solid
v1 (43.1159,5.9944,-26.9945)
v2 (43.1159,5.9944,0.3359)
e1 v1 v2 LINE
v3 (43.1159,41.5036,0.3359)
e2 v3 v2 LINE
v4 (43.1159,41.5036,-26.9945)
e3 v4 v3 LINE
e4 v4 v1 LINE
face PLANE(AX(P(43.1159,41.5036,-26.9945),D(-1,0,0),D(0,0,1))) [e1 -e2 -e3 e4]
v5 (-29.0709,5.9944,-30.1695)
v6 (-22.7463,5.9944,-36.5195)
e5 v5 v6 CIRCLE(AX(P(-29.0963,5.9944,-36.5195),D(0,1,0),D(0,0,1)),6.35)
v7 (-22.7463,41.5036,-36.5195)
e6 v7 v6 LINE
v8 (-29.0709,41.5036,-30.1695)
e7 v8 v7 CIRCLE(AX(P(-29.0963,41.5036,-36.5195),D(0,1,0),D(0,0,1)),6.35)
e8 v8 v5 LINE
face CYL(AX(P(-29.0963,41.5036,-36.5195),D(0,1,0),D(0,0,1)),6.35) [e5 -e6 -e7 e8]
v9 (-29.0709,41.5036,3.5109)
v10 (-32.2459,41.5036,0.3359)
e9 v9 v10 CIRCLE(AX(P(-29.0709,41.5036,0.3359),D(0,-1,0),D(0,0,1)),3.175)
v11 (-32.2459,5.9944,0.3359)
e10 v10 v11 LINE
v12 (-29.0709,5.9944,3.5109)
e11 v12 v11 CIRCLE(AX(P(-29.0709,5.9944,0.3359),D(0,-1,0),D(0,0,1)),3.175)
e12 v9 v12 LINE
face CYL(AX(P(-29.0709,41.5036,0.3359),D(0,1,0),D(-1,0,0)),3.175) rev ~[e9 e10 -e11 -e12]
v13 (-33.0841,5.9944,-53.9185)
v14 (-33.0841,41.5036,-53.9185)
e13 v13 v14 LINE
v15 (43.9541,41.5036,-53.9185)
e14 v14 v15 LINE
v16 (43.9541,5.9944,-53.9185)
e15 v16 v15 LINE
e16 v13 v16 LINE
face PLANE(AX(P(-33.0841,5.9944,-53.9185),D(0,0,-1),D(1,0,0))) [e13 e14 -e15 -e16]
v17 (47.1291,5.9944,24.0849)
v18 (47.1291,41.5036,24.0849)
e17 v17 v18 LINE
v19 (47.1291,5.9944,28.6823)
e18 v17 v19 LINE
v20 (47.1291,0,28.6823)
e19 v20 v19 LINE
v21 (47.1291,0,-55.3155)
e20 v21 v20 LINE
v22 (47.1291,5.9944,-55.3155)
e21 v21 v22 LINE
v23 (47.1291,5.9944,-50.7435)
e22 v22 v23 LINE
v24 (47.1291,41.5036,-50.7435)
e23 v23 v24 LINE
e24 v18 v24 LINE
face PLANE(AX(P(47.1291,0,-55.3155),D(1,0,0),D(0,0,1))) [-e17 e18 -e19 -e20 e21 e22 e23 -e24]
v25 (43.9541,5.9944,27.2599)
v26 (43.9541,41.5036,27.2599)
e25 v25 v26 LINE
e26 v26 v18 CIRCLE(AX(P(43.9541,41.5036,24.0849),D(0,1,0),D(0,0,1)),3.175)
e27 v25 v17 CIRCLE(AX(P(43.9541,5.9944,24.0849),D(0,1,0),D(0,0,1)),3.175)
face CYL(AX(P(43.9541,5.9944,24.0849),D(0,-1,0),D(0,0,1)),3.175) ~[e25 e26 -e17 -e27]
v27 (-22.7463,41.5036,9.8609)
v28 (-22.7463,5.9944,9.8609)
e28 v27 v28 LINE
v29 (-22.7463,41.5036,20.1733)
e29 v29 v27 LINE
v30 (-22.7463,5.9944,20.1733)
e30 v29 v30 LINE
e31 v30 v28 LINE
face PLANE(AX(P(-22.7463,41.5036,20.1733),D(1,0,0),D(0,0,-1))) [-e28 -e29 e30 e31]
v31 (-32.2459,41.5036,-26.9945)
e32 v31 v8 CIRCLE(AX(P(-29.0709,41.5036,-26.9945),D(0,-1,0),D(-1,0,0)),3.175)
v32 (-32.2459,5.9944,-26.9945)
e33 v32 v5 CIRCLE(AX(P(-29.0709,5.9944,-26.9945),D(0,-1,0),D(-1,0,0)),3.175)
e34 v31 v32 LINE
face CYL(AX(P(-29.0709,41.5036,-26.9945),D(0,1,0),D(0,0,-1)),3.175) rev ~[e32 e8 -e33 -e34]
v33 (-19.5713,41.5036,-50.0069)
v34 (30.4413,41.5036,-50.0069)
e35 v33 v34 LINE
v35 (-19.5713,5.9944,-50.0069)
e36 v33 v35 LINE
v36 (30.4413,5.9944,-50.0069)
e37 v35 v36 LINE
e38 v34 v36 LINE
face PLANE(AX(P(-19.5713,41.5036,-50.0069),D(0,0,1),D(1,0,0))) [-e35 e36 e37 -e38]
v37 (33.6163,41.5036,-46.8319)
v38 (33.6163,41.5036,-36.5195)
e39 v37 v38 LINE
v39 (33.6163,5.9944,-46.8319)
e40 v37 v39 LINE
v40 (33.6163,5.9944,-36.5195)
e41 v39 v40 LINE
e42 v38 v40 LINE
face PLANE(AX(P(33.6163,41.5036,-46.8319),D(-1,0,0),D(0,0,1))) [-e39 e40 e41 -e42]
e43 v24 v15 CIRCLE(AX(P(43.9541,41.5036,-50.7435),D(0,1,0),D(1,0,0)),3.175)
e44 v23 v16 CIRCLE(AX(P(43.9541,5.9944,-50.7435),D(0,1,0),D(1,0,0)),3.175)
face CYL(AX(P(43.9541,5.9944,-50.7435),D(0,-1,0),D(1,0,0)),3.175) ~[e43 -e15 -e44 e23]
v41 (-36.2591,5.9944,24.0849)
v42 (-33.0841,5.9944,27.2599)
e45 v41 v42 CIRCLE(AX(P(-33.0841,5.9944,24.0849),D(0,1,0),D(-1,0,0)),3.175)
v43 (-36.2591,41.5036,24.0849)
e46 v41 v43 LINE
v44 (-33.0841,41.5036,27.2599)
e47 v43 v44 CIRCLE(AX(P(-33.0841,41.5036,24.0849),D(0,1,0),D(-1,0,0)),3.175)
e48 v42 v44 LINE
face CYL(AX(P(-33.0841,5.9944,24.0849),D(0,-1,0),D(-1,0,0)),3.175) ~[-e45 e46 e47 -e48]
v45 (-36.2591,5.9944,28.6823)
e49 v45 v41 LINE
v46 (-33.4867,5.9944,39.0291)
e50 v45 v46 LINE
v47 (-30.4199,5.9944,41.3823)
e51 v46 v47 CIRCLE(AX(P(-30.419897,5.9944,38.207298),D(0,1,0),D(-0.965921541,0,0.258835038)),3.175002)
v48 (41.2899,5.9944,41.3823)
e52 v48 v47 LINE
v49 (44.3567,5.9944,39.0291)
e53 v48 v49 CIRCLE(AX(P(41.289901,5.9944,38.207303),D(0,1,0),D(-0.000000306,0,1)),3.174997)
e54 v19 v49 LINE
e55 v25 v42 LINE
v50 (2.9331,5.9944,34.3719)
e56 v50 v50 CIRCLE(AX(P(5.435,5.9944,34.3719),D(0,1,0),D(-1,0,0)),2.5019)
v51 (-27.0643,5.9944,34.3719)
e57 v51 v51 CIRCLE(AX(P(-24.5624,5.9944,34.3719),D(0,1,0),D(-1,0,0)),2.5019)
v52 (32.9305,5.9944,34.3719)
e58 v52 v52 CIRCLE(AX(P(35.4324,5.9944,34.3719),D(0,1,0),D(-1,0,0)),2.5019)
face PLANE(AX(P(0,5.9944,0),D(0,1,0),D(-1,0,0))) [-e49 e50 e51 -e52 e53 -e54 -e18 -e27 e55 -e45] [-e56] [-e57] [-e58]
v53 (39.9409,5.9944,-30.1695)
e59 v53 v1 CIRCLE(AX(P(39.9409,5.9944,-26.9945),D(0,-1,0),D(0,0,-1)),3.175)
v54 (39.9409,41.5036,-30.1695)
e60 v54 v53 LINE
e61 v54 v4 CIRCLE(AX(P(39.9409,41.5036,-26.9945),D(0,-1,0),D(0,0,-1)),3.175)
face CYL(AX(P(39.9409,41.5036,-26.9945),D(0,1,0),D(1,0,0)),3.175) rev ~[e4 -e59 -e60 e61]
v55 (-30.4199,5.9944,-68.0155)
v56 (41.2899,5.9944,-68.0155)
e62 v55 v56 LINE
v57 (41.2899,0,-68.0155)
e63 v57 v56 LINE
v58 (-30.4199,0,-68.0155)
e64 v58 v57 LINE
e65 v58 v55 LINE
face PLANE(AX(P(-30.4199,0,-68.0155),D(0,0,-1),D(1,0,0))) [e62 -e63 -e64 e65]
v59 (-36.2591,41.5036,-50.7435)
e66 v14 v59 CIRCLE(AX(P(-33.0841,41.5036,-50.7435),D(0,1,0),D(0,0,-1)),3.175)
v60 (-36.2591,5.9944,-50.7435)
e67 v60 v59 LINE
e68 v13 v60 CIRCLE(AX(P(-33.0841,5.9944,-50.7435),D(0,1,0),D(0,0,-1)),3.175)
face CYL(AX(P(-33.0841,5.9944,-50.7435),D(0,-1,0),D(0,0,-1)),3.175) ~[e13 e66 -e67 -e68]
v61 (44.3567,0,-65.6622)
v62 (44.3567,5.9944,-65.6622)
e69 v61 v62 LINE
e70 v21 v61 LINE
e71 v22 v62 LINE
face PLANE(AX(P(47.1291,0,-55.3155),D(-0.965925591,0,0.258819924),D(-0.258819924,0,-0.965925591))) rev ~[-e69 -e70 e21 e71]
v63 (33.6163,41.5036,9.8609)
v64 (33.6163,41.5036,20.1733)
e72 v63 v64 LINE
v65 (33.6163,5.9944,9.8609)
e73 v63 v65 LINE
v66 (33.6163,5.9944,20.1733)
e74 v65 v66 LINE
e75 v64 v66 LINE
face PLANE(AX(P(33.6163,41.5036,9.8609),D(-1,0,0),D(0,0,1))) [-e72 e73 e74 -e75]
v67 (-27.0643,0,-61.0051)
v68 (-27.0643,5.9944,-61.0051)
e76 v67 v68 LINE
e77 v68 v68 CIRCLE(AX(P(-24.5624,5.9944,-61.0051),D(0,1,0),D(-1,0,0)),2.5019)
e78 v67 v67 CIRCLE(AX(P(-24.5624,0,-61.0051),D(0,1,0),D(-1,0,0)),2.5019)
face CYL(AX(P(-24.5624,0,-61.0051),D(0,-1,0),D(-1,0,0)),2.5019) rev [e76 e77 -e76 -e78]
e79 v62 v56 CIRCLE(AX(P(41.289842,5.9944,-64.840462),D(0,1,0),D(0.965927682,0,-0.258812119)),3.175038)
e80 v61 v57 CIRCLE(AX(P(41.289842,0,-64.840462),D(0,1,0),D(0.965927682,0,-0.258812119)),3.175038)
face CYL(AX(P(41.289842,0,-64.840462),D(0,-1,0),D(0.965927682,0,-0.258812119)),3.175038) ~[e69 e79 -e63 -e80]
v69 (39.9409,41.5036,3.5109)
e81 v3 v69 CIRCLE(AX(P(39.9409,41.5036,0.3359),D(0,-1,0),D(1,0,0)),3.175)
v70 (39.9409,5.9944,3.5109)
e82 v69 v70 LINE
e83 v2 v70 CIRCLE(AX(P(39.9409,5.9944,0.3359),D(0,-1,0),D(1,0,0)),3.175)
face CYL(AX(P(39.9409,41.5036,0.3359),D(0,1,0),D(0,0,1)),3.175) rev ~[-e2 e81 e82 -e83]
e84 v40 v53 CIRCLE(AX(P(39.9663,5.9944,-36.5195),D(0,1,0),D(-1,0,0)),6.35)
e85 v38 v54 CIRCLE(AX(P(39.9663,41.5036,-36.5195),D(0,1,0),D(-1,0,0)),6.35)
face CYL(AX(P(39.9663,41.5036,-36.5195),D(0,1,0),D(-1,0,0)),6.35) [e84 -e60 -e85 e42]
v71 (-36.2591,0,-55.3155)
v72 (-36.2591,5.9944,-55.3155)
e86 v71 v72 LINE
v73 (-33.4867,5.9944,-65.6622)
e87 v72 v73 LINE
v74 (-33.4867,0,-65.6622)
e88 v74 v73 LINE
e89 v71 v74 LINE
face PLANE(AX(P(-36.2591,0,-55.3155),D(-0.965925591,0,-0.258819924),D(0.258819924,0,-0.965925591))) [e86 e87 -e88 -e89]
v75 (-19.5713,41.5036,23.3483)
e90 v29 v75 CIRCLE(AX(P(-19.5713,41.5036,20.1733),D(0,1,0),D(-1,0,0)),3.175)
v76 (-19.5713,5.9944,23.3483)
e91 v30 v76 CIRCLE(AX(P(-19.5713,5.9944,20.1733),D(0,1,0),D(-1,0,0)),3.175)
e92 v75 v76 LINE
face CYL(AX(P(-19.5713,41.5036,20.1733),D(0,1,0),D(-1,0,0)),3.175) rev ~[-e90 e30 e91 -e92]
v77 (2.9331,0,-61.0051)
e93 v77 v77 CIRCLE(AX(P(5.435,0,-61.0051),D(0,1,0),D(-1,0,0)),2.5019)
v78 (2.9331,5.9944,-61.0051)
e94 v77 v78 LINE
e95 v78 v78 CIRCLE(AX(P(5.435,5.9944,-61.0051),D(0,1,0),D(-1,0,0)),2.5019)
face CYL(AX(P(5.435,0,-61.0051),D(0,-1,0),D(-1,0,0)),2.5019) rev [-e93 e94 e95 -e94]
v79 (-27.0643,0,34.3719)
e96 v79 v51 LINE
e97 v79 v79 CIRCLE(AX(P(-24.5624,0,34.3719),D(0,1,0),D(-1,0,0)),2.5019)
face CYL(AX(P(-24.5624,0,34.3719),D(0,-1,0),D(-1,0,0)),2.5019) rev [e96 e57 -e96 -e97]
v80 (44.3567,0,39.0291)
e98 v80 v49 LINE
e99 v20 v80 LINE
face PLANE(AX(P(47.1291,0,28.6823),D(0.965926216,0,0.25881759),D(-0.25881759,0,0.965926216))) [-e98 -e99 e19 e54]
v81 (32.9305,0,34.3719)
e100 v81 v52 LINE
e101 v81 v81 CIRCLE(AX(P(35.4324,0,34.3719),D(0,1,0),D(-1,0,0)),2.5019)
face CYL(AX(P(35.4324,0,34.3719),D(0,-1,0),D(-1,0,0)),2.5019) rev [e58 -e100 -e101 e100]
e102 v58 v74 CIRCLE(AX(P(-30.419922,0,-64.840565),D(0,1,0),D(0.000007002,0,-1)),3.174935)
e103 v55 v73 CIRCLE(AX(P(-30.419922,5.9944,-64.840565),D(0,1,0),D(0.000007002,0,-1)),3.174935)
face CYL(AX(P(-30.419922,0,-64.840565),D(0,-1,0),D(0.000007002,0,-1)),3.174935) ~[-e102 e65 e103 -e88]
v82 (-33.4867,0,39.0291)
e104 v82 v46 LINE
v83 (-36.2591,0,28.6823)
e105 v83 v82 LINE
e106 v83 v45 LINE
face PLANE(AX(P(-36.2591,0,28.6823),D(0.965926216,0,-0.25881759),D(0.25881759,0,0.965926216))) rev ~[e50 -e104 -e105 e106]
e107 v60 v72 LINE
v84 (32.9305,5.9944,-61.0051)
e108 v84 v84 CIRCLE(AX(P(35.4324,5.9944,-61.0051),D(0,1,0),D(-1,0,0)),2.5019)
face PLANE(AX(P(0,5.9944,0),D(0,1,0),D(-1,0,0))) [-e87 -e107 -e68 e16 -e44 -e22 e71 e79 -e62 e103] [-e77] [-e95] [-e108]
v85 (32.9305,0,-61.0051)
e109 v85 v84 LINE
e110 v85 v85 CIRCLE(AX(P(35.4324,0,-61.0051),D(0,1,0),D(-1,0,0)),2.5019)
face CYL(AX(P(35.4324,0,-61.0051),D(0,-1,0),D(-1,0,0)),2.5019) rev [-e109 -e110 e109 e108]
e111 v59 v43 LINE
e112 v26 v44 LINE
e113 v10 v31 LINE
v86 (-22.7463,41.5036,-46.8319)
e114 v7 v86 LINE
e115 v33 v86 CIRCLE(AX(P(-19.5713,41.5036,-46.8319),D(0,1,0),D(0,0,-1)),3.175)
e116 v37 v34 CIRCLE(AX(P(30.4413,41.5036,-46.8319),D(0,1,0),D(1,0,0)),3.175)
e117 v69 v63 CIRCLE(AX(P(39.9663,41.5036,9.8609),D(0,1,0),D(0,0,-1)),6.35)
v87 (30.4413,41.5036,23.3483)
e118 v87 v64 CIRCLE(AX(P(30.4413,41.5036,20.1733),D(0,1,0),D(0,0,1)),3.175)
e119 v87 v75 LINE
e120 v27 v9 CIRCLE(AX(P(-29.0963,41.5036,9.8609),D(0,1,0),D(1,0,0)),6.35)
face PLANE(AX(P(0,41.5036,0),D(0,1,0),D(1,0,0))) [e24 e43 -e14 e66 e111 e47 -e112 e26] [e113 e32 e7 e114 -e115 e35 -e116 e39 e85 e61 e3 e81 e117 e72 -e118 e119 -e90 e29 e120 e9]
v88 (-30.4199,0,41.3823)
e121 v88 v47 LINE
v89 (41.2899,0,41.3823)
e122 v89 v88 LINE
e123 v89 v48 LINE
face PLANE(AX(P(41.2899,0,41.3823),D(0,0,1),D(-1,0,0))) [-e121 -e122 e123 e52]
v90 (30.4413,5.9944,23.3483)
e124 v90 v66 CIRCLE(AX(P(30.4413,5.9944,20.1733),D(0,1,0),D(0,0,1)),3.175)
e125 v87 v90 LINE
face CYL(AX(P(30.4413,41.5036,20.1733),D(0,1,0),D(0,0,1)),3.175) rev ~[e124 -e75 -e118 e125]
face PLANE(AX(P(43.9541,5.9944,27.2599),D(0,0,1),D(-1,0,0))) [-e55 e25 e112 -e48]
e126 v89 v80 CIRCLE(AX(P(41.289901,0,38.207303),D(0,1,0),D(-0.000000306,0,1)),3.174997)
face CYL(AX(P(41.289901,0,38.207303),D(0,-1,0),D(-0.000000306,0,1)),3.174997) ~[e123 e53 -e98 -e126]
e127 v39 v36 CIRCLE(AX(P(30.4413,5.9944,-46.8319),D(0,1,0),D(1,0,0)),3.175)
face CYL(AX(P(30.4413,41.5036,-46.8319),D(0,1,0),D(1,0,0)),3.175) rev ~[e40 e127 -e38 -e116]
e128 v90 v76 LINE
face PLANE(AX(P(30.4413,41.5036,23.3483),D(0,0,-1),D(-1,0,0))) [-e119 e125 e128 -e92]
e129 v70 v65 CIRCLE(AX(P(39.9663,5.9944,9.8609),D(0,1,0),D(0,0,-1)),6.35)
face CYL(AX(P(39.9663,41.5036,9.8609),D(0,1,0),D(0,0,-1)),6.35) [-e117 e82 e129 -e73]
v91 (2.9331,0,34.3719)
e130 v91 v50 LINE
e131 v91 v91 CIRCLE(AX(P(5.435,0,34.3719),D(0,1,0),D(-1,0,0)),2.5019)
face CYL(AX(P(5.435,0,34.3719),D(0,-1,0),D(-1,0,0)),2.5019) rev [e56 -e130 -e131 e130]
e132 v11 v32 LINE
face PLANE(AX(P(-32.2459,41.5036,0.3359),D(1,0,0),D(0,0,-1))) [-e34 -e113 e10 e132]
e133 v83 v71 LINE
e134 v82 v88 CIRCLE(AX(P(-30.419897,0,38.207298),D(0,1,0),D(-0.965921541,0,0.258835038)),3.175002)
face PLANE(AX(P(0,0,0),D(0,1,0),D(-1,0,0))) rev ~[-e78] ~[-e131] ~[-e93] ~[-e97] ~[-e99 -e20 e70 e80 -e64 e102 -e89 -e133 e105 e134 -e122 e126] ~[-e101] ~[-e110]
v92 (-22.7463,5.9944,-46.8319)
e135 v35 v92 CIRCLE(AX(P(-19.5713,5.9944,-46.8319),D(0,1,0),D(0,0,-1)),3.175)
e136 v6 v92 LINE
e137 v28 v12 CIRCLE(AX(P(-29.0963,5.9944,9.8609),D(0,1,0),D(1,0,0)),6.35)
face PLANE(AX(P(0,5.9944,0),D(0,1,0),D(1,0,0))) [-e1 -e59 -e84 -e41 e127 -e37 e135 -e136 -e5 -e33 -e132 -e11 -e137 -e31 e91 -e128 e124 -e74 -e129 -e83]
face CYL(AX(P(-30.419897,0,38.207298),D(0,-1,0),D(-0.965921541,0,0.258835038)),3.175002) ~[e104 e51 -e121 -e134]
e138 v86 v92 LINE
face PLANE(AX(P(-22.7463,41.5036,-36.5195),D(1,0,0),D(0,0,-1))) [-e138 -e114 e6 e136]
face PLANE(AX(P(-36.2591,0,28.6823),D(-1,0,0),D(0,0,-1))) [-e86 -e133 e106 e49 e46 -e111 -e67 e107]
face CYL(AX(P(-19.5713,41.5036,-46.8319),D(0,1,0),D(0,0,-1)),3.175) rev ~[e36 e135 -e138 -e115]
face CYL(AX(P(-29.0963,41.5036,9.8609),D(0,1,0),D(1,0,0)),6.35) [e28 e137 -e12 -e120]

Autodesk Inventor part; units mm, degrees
ref_plane "YZ Plane" through (0, 0, 0) normal (1, 0, 0) x (0, 1, 0)
ref_plane "XZ Plane" through (0, 0, 0) normal (0, 1, 0) x (-1, 0, 0)
ref_plane "XY Plane" through (0, 0, 0) normal (0, 0, 1) x (1, 0, 0)
sketch "Sketch1" plane through (0, 0, 0) normal (0, 1, 0) x (-1, 0, 0)
  line L0 (-41.2899, 41.3823) -> (30.4199, 41.3823)
  line L1 (36.2591, 28.6823) -> (36.2591, -55.3155)
  line L2 (30.4199, -68.0155) -> (-41.2899, -68.0155)
  line L3 (-47.1291, -55.3155) -> (-47.1291, 28.6823)
  line L4 (-47.1291, 28.6823) -> (36.2591, 28.6823)
  line L5 (-47.1291, -55.3155) -> (36.2591, -55.3155)
  line L6 (36.2591, -55.3155) -> (33.4867, -65.6622)
  line L7 (-47.1291, -55.3155) -> (-44.3567, -65.6622)
  line L8 (-47.1291, 28.6823) -> (-44.3567, 39.0291)
  line L9 (36.2591, 28.6823) -> (33.4867, 39.0291)
  arc A0 (-44.3567, -65.6622) -> (-41.2899, -68.0155) centre (-41.2899, -64.8405) ccw
  arc A1 (30.4199, -68.0155) -> (33.4867, -65.6622) centre (30.4199, -64.8405) ccw
  arc A2 (33.4867, 39.0291) -> (30.4199, 41.3823) centre (30.4199, 38.2073) ccw
  arc A3 (-41.2899, 41.3823) -> (-44.3567, 39.0291) centre (-41.2899, 38.2073) ccw
  circle A4 centre (-35.4324, -61.0051) radius 2.5019
  circle A5 centre (24.5624, -61.0051) radius 2.5019
  circle A6 centre (-35.4324, 34.3719) radius 2.5019
  circle A7 centre (24.5624, 34.3719) radius 2.5019
  line L10 (-5.435, 41.3823) -> (-5.435, -68.0155) construction
  circle A8 centre (-5.435, 34.3719) radius 2.5019
  circle A9 centre (-5.435, -61.0051) radius 2.5019
  point P0 (0, 0)
  dimension "d2" = 12.7
  dimension "d3" = 12.7
  dimension "d4" = 15
  dimension "d5" = 15
  dimension "d6" = 15
  dimension "d7" = 83.3882
  dimension "d8" = 109.3978
  dimension "d9" = 3.175
  dimension "d10" = 7.0104
  dimension "d11" = 7.0104
  dimension "d12" = 7.0104
  dimension "d13" = 7.0104
  dimension "d14" = 59.9948
  dimension "d15" = 59.9948
  dimension "d16" = 5.0038
  dimension "d17" = 5.0038
  dimension "d18" = 5.0038
  dimension "d19" = 5.0038
  dimension "d20" = 29.9974
  dimension "d21" = 29.9974
  dimension "d42" = 5.0038
  dimension "d43" = 5.0038
extrude "Extrusion1" add sketch "Sketch1" along normal blind 5.9944
sketch "Sketch2" plane through (0, 5.9944, 0) normal (0, 1, 0) x (1, 0, 0)
  line L0 (47.1291, -28.6823) -> (47.1291, 55.3155) projected
  line L1 (41.2899, 68.0155) -> (-30.4199, 68.0155) projected
  line L2 (-36.2591, 55.3155) -> (-36.2591, -28.6823) projected
  line L3 (-33.0841, 53.9185) -> (43.9541, 53.9185)
  line L4 (47.1291, 50.7435) -> (47.1291, -24.0849)
  line L5 (43.9541, -27.2599) -> (-33.0841, -27.2599)
  line L6 (-36.2591, -24.0849) -> (-36.2591, 50.7435)
  arc A0 (-36.2591, -24.0849) -> (-33.0841, -27.2599) centre (-33.0841, -24.0849) ccw
  arc A1 (43.9541, -27.2599) -> (47.1291, -24.0849) centre (43.9541, -24.0849) ccw
  arc A2 (47.1291, 50.7435) -> (43.9541, 53.9185) centre (43.9541, 50.7435) ccw
  arc A3 (-33.0841, 53.9185) -> (-36.2591, 50.7435) centre (-33.0841, 50.7435) ccw
  point P0 (0, 0)
  point P1 (-36.2591, 53.9185)
  point P2 (47.1291, -27.2599)
  dimension "d25" = 81.1784
  dimension "d26" = 14.097
  dimension "d27" = 3.175
extrude "Extrusion2" add sketch "Sketch2" along normal blind 35.5092
sketch "Sketch3" plane through (0, 41.5036, 0) normal (0, 1, 0) x (1, 0, 0)
  line L0 (-36.2591, 50.7435) -> (-36.2591, -24.0849) projected
  line L1 (43.9541, 53.9185) -> (-33.0841, 53.9185) projected
  line L2 (43.1159, 26.9945) -> (43.1159, -0.3359)
  line L3 (-32.2459, -0.3359) -> (-32.2459, 26.9945)
  line L4 (-19.5713, 50.0069) -> (30.4413, 50.0069)
  line L5 (30.4413, -23.3483) -> (-19.5713, -23.3483)
  arc A0 (33.6163, 46.8319) -> (30.4413, 50.0069) centre (30.4413, 46.8319) ccw
  arc A1 (-19.5713, 50.0069) -> (-22.7463, 46.8319) centre (-19.5713, 46.8319) ccw
  arc A2 (-22.7463, -20.1733) -> (-19.5713, -23.3483) centre (-19.5713, -20.1733) ccw
  arc A3 (30.4413, -23.3483) -> (33.6163, -20.1733) centre (30.4413, -20.1733) ccw
  arc A4 (-32.2459, -0.3359) -> (-29.0709, -3.5109) centre (-29.0709, -0.3359) ccw
  arc A5 (-29.0709, 30.1695) -> (-32.2459, 26.9945) centre (-29.0709, 26.9945) ccw
  arc A6 (43.1159, 26.9945) -> (39.9409, 30.1695) centre (39.9409, 26.9945) ccw
  arc A7 (39.9409, -3.5109) -> (43.1159, -0.3359) centre (39.9409, -0.3359) ccw
  line L6 (33.6163, 46.8319) -> (33.6163, 36.5195)
  line L7 (33.6163, -9.8609) -> (33.6163, -20.1733)
  line L8 (-22.7463, -20.1733) -> (-22.7463, -9.8609)
  line L9 (-22.7463, 36.5195) -> (-22.7463, 46.8319)
  line L10 (39.9409, -3.5109) -> (39.9663, -3.5109)
  line L11 (-29.0963, -3.5109) -> (-29.0709, -3.5109)
  line L12 (-29.0709, 30.1695) -> (-29.0963, 30.1695)
  line L13 (39.9663, 30.1695) -> (39.9409, 30.1695)
  arc A8 (39.9663, -3.5109) -> (33.6163, -9.8609) centre (39.9663, -9.8609) ccw
  arc A9 (33.6163, 36.5195) -> (39.9663, 30.1695) centre (39.9663, 36.5195) ccw
  arc A10 (-29.0963, 30.1695) -> (-22.7463, 36.5195) centre (-29.0963, 36.5195) ccw
  arc A11 (-22.7463, -9.8609) -> (-29.0963, -3.5109) centre (-29.0963, -9.8609) ccw
  point P0 (0, 0)
  point P1 (43.1159, -3.5109)
  point P2 (43.1159, 30.1695)
  point P3 (-32.2459, -3.5109)
  point P4 (-22.7463, 50.0069)
  point P5 (33.6163, -23.3483)
  point P6 (33.6163, 50.0069)
  dimension "d30" = 56.3626
  dimension "d31" = 33.6804
  dimension "d32" = 73.3552
  dimension "d35" = 75.3618
  dimension "d36" = 4.0132
  dimension "d37" = 3.9116
  dimension "d38" = 3.175
  dimension "d39" = 6.35
extrude "Extrusion3" cut sketch "Sketch3" against normal blind 35.5092
properties part number "NEAMBox"
